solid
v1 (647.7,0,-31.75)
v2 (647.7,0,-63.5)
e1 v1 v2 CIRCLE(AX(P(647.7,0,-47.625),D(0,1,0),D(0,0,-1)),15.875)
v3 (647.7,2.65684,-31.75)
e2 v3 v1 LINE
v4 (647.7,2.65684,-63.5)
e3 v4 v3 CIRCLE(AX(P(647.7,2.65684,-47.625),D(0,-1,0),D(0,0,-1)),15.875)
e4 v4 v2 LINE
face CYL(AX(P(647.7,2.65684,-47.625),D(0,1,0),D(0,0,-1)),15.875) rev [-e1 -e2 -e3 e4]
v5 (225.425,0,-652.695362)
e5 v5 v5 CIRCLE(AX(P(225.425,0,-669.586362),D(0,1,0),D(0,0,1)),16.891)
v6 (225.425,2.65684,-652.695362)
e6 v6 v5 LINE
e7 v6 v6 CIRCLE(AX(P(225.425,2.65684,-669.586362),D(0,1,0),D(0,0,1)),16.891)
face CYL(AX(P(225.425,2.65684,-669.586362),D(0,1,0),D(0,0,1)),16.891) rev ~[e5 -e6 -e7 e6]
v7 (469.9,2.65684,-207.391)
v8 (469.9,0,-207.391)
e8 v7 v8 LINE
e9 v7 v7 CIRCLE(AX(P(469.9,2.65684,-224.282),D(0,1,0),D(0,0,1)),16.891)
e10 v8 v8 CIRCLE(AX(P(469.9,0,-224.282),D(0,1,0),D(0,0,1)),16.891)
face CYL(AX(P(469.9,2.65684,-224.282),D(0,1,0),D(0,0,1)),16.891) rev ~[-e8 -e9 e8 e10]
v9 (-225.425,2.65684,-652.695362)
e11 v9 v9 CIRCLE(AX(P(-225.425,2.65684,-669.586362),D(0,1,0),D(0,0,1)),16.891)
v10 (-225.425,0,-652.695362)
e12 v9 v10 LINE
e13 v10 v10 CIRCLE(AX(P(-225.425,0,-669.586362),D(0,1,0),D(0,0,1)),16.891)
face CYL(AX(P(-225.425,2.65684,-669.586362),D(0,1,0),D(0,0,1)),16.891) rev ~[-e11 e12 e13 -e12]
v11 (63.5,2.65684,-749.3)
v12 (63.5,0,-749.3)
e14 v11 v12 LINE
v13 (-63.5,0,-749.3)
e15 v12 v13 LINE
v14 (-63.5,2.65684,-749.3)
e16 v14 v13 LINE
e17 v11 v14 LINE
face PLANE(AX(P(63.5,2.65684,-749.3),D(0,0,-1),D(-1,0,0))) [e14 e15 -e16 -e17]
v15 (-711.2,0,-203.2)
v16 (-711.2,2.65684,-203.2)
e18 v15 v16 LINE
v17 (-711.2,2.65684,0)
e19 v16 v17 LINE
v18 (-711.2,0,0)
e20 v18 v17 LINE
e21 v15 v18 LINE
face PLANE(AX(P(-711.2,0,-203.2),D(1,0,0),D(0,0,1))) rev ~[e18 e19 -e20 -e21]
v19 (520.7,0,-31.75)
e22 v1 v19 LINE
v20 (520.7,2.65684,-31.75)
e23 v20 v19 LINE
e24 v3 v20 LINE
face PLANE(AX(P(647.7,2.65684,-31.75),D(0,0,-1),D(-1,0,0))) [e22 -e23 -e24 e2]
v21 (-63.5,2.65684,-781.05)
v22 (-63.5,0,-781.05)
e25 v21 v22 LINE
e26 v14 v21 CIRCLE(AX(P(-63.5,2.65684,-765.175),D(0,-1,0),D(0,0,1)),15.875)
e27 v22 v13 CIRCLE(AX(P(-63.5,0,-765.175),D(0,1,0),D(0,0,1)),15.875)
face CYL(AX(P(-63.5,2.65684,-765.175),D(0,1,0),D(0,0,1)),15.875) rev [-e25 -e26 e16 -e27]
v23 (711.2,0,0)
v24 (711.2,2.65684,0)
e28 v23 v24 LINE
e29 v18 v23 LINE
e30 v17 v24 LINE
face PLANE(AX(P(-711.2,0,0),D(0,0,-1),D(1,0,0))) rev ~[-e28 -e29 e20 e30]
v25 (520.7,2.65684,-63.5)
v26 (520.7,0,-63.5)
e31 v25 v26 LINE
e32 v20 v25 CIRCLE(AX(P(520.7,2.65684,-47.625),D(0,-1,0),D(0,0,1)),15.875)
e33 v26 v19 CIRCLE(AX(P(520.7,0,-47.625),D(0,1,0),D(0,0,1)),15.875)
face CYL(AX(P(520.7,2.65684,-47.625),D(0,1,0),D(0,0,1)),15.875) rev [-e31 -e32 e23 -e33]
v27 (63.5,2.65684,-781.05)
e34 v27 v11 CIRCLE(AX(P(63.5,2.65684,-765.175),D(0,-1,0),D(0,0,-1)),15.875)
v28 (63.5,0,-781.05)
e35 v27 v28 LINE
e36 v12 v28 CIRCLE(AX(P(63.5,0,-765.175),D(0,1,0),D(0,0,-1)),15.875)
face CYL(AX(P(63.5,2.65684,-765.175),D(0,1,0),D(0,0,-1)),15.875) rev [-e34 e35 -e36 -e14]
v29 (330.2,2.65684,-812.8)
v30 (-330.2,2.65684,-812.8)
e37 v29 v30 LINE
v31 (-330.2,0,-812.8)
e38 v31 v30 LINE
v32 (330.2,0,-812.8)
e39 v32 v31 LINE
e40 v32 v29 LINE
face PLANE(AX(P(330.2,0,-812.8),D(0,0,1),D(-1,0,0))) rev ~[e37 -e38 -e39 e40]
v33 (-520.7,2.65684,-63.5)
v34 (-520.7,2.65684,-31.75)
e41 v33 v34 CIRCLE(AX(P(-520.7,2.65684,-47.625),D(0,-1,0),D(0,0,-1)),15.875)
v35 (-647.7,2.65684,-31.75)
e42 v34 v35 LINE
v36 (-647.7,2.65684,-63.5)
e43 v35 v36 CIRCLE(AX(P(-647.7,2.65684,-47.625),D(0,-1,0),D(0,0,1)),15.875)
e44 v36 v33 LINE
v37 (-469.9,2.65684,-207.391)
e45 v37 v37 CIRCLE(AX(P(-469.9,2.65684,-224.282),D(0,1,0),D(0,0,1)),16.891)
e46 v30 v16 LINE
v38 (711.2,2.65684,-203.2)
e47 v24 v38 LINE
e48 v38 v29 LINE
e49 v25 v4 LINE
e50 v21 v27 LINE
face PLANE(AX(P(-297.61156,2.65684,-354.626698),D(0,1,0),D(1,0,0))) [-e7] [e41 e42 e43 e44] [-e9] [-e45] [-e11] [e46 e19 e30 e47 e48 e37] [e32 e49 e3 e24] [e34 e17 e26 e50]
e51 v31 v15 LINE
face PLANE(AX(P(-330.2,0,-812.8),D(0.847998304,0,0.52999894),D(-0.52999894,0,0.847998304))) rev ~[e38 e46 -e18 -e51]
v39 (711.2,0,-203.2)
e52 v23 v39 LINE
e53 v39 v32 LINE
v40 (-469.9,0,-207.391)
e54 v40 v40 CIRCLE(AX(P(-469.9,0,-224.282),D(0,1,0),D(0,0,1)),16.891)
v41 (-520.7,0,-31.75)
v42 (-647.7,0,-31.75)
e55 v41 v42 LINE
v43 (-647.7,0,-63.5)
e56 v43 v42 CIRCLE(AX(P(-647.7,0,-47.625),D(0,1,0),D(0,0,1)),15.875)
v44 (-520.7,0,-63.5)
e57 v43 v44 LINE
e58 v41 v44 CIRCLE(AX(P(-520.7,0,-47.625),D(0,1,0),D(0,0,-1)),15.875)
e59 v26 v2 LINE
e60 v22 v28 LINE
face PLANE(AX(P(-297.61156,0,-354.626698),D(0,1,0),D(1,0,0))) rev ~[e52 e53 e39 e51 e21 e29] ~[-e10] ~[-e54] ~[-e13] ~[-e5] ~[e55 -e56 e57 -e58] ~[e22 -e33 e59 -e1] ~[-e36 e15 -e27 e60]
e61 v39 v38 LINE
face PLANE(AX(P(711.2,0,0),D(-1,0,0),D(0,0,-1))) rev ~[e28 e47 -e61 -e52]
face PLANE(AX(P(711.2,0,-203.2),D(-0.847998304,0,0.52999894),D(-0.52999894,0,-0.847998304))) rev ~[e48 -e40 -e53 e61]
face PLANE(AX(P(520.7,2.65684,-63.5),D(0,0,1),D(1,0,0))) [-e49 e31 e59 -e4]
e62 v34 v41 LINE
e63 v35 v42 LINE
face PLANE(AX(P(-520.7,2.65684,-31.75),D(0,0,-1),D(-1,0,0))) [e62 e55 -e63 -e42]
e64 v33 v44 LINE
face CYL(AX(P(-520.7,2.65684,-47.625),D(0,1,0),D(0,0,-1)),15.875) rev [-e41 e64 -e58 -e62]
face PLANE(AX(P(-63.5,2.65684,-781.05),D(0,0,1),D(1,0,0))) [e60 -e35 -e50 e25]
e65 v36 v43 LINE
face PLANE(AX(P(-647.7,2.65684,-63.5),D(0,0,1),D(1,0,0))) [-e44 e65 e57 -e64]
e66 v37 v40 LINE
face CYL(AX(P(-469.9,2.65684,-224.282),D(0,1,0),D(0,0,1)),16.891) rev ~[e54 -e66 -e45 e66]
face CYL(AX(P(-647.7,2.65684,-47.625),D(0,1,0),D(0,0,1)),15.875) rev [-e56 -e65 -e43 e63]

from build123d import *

# Parameters (mm, degrees)
BOSS_EXTRUDE1_DEPTH = 2.65684
CUT_EXTRUDE1_DEPTH  = 1081.026082462
SKETCH3_R           = 16.891
CUT_EXTRUDE2_DEPTH  = 1081.026082462


with BuildPart() as part:
    # Sketch1 → Boss-Extrude1 (new body)
    with BuildSketch(Plane(origin=(0, 0, 0), x_dir=(1, 0, 0), z_dir=(0, 1, 0))):
        Polygon((-711.2, 203.2), (-711.2, 0), (0, 0), (0, 812.8), (-330.2, 812.8), align=None)
        Polygon((0, 812.8), (0, 0), (711.2, 0), (711.2, 203.2), (330.2, 812.8), align=None)
    extrude(amount=BOSS_EXTRUDE1_DEPTH)

    # Sketch2 → Cut-Extrude1 (cut, through all)
    with BuildSketch(Plane(origin=(0, 2.65684, 0), x_dir=(1, 0, 0), z_dir=(0, 1, 0))):
        with BuildLine():
            Line((-63.5, 781.05), (63.5, 781.05))
            ThreePointArc((63.5, 781.05), (79.375, 765.175), (63.5, 749.3))
            Line((63.5, 749.3), (-63.5, 749.3))
            ThreePointArc((-63.5, 749.3), (-79.375, 765.175), (-63.5, 781.05))
        make_face()
        with BuildLine():
            Line((-647.7, 63.5), (-520.7, 63.5))
            ThreePointArc((-520.7, 63.5), (-504.825, 47.625), (-520.7, 31.75))
            Line((-520.7, 31.75), (-647.7, 31.75))
            ThreePointArc((-647.7, 31.75), (-663.575, 47.625), (-647.7, 63.5))
        make_face()
        with BuildLine():
            Line((520.7, 63.5), (647.7, 63.5))
            ThreePointArc((647.7, 63.5), (663.575, 47.625), (647.7, 31.75))
            Line((647.7, 31.75), (520.7, 31.75))
            ThreePointArc((520.7, 31.75), (504.825, 47.625), (520.7, 63.5))
        make_face()
    extrude(amount=-CUT_EXTRUDE1_DEPTH, mode=Mode.SUBTRACT)

    # Sketch3 → Cut-Extrude2 (cut, through all)
    with BuildSketch(Plane(origin=(0, 2.65684, 0), x_dir=(1, 0, 0), z_dir=(0, 1, 0))):
        with Locations(Location((-469.9, 224.282, 0), (0, 0, 270))):
            Circle(SKETCH3_R)
        with Locations(Location((-225.425, 669.586361505, 0), (0, 0, 270))):
            Circle(SKETCH3_R)
        with Locations(Location((225.425, 669.586361505, 0), (0, 0, 270))):
            Circle(SKETCH3_R)
        with Locations(Location((469.9, 224.282, 0), (0, 0, 270))):
            Circle(SKETCH3_R)
    extrude(amount=-CUT_EXTRUDE2_DEPTH, mode=Mode.SUBTRACT)


solid = part.part
